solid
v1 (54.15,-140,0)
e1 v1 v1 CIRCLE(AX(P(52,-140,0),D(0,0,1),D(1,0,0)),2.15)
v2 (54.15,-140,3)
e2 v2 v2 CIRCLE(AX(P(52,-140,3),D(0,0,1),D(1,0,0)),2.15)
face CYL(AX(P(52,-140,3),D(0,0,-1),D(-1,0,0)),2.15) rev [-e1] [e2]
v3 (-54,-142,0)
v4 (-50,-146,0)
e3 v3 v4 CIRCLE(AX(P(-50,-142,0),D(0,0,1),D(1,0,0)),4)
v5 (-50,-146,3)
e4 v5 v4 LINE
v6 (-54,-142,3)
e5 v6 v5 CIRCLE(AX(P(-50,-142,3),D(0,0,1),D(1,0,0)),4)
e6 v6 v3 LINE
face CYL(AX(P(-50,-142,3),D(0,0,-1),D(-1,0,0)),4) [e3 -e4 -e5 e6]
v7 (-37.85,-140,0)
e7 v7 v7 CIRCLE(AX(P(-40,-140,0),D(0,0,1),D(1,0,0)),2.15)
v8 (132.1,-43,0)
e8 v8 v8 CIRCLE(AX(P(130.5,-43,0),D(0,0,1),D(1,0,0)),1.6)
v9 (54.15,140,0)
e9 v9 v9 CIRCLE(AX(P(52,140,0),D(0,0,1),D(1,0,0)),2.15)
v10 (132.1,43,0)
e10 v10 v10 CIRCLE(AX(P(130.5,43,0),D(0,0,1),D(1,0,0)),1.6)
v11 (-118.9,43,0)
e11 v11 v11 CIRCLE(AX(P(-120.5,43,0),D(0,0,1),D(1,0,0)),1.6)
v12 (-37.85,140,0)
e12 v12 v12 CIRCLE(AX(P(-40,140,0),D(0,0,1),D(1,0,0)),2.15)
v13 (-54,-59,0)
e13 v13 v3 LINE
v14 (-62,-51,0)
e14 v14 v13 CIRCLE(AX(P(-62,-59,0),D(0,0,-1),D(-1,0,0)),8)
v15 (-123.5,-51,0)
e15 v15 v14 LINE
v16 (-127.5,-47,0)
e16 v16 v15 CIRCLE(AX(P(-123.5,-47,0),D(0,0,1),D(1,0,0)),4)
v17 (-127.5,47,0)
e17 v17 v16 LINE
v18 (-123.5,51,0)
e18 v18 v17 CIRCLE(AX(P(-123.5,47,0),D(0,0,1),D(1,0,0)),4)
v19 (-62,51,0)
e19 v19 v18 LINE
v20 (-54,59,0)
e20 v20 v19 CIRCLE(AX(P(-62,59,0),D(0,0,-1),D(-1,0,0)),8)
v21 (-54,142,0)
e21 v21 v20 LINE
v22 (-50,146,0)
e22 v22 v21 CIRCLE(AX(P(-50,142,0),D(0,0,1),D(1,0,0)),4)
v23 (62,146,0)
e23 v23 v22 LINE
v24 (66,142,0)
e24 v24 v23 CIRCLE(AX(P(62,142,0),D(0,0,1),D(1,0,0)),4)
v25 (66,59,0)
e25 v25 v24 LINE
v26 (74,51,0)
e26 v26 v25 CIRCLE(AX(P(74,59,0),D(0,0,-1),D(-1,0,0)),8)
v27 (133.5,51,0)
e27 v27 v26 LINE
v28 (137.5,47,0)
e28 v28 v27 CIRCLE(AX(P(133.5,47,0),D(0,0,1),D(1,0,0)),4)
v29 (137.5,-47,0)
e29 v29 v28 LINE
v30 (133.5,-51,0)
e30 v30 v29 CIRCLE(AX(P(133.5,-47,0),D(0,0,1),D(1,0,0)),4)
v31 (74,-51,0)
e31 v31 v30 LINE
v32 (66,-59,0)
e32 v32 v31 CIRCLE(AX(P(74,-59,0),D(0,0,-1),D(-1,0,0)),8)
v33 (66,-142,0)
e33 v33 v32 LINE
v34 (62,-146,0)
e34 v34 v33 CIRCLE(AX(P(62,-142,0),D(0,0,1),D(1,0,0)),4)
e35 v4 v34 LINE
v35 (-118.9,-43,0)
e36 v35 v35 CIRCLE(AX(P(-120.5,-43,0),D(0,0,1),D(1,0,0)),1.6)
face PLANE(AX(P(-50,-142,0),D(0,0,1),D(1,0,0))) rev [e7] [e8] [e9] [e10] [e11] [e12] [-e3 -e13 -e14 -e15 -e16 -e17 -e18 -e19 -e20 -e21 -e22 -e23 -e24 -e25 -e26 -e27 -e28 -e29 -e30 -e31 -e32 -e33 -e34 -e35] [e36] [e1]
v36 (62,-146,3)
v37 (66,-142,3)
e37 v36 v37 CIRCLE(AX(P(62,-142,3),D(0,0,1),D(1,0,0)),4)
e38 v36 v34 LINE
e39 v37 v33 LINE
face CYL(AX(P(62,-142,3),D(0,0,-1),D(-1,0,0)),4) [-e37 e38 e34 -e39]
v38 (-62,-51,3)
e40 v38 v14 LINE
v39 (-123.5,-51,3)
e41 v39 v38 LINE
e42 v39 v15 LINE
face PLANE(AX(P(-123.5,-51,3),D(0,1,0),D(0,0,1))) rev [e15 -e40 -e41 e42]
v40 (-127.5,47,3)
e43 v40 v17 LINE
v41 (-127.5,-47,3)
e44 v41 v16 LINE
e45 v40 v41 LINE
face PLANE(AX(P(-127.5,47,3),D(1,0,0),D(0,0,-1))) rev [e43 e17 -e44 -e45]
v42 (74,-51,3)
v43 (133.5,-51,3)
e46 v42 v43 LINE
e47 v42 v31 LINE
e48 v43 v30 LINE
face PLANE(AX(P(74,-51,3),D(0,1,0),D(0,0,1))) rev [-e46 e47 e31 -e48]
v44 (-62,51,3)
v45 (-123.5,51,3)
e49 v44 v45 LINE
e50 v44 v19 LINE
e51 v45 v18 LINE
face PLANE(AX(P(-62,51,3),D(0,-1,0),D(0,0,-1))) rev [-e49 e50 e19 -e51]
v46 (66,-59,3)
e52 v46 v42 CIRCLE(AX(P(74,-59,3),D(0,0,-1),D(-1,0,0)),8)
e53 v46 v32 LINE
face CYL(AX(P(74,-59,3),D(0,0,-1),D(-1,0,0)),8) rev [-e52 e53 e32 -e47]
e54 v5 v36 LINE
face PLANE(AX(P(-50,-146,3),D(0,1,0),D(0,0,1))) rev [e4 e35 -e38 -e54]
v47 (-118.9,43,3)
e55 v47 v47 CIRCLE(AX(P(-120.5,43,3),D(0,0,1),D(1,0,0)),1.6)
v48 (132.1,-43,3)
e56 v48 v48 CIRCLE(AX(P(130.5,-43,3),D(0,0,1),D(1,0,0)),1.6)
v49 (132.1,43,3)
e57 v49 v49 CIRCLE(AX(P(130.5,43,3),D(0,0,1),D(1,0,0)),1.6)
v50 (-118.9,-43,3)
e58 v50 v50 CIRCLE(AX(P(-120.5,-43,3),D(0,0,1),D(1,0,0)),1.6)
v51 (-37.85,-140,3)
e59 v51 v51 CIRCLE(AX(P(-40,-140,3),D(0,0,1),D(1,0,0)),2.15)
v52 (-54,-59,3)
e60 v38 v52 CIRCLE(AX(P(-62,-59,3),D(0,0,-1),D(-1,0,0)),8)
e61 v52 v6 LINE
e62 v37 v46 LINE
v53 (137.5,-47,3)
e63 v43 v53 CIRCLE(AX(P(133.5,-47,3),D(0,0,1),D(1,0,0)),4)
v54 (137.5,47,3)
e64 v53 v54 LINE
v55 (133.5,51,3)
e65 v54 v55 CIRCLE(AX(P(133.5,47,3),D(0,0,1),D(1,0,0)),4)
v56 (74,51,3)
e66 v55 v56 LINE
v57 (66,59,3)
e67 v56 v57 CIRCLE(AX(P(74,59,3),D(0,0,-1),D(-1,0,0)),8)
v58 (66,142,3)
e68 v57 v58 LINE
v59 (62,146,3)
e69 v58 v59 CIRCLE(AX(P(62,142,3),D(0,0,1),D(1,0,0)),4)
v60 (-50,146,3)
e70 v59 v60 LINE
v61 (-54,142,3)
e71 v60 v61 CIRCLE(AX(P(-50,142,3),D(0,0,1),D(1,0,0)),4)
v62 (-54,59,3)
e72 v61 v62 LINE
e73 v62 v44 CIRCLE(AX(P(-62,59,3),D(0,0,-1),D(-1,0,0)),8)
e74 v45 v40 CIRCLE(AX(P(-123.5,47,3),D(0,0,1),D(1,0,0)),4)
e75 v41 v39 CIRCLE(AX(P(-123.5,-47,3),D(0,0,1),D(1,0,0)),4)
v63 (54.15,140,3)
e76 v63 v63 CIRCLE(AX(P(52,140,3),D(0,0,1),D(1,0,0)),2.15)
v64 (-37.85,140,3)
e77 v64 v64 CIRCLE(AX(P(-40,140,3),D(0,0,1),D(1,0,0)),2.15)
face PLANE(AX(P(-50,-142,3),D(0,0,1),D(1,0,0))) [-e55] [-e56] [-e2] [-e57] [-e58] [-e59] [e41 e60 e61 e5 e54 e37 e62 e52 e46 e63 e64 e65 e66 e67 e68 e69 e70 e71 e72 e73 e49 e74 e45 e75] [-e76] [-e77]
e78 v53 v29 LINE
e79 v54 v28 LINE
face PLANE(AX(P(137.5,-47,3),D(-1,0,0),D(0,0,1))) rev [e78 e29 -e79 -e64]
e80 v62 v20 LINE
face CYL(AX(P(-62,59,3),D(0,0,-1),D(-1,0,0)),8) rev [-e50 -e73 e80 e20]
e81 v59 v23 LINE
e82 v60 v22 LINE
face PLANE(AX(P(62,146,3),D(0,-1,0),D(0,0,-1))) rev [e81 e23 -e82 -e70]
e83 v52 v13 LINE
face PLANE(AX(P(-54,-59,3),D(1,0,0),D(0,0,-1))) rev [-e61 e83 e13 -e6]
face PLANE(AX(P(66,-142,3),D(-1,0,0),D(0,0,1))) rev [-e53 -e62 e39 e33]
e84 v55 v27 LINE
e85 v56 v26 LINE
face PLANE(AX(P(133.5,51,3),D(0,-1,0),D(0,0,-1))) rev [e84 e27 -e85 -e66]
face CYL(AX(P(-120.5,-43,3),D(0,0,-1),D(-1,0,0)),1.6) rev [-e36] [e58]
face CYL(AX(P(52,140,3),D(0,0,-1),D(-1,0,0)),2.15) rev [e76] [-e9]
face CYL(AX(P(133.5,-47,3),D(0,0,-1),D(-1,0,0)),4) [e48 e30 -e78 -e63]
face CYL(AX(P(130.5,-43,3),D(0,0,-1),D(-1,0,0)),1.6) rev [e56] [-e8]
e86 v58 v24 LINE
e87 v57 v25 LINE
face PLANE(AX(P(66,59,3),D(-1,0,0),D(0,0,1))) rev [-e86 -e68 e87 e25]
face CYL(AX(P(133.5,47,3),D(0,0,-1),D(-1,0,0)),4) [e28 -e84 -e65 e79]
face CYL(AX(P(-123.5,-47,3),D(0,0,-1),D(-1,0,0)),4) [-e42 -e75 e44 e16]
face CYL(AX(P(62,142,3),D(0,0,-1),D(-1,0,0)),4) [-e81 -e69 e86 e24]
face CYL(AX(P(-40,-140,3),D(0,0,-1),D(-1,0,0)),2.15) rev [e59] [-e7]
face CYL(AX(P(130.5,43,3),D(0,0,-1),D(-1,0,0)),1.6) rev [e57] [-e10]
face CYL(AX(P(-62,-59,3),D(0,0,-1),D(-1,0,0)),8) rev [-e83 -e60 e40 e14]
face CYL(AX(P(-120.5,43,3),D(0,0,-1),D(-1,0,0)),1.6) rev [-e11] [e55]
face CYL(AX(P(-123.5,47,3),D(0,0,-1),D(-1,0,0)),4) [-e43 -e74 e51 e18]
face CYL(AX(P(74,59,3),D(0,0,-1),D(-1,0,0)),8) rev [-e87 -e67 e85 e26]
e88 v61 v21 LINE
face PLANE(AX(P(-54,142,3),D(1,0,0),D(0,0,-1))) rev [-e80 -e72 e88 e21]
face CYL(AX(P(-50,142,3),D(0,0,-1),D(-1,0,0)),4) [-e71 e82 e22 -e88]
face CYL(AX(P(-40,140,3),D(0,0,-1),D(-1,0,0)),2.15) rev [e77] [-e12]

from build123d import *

# Parameters (mm, degrees)
SKETCH_183_R   = 2.15
SKETCH_183_R_2 = 1.6
F_3MM_DEPTH    = 3


with BuildPart() as part:
    # Sketch 183 → 二层板_拉伸3mm (new body)
    with BuildSketch(Plane.XY):
        with BuildLine():
            Line((-50, -146), (62, -146))
            ThreePointArc((62, -146), (64.828427125, -144.828427125), (66, -142))
            Line((66, -142), (66, -59))
            ThreePointArc((66, -59), (68.343145751, -53.343145751), (74, -51))
            Line((74, -51), (133.5, -51))
            ThreePointArc((133.5, -51), (136.328427125, -49.828427125), (137.5, -47))
            Line((137.5, -47), (137.5, 47))
            ThreePointArc((137.5, 47), (136.328427125, 49.828427125), (133.5, 51))
            Line((133.5, 51), (74, 51))
            ThreePointArc((74, 51), (68.343145751, 53.343145751), (66, 59))
            Line((66, 59), (66, 142))
            ThreePointArc((66, 142), (64.828427125, 144.828427125), (62, 146))
            Line((62, 146), (-50, 146))
            ThreePointArc((-50, 146), (-52.828427125, 144.828427125), (-54, 142))
            Line((-54, 142), (-54, 59))
            ThreePointArc((-54, 59), (-56.343145751, 53.343145751), (-62, 51))
            Line((-62, 51), (-123.5, 51))
            ThreePointArc((-123.5, 51), (-126.328427125, 49.828427125), (-127.5, 47))
            Line((-127.5, 47), (-127.5, -47))
            ThreePointArc((-127.5, -47), (-126.328427125, -49.828427125), (-123.5, -51))
            Line((-123.5, -51), (-62, -51))
            ThreePointArc((-62, -51), (-56.343145751, -53.343145751), (-54, -59))
            Line((-54, -59), (-54, -142))
            ThreePointArc((-54, -142), (-52.828427125, -144.828427125), (-50, -146))
        make_face()
        with Locations((-40, 140)):
            Circle(SKETCH_183_R, mode=Mode.SUBTRACT)
        with Locations((52, 140)):
            Circle(SKETCH_183_R, mode=Mode.SUBTRACT)
        with Locations((-120.5, 43)):
            Circle(SKETCH_183_R_2, mode=Mode.SUBTRACT)
        with Locations((130.5, 43)):
            Circle(SKETCH_183_R_2, mode=Mode.SUBTRACT)
        with Locations((-120.5, -43)):
            Circle(SKETCH_183_R_2, mode=Mode.SUBTRACT)
        with Locations((130.5, -43)):
            Circle(SKETCH_183_R_2, mode=Mode.SUBTRACT)
        with Locations((-40, -140)):
            Circle(SKETCH_183_R, mode=Mode.SUBTRACT)
        with Locations((52, -140)):
            Circle(SKETCH_183_R, mode=Mode.SUBTRACT)
    extrude(amount=F_3MM_DEPTH)


solid = part.part
